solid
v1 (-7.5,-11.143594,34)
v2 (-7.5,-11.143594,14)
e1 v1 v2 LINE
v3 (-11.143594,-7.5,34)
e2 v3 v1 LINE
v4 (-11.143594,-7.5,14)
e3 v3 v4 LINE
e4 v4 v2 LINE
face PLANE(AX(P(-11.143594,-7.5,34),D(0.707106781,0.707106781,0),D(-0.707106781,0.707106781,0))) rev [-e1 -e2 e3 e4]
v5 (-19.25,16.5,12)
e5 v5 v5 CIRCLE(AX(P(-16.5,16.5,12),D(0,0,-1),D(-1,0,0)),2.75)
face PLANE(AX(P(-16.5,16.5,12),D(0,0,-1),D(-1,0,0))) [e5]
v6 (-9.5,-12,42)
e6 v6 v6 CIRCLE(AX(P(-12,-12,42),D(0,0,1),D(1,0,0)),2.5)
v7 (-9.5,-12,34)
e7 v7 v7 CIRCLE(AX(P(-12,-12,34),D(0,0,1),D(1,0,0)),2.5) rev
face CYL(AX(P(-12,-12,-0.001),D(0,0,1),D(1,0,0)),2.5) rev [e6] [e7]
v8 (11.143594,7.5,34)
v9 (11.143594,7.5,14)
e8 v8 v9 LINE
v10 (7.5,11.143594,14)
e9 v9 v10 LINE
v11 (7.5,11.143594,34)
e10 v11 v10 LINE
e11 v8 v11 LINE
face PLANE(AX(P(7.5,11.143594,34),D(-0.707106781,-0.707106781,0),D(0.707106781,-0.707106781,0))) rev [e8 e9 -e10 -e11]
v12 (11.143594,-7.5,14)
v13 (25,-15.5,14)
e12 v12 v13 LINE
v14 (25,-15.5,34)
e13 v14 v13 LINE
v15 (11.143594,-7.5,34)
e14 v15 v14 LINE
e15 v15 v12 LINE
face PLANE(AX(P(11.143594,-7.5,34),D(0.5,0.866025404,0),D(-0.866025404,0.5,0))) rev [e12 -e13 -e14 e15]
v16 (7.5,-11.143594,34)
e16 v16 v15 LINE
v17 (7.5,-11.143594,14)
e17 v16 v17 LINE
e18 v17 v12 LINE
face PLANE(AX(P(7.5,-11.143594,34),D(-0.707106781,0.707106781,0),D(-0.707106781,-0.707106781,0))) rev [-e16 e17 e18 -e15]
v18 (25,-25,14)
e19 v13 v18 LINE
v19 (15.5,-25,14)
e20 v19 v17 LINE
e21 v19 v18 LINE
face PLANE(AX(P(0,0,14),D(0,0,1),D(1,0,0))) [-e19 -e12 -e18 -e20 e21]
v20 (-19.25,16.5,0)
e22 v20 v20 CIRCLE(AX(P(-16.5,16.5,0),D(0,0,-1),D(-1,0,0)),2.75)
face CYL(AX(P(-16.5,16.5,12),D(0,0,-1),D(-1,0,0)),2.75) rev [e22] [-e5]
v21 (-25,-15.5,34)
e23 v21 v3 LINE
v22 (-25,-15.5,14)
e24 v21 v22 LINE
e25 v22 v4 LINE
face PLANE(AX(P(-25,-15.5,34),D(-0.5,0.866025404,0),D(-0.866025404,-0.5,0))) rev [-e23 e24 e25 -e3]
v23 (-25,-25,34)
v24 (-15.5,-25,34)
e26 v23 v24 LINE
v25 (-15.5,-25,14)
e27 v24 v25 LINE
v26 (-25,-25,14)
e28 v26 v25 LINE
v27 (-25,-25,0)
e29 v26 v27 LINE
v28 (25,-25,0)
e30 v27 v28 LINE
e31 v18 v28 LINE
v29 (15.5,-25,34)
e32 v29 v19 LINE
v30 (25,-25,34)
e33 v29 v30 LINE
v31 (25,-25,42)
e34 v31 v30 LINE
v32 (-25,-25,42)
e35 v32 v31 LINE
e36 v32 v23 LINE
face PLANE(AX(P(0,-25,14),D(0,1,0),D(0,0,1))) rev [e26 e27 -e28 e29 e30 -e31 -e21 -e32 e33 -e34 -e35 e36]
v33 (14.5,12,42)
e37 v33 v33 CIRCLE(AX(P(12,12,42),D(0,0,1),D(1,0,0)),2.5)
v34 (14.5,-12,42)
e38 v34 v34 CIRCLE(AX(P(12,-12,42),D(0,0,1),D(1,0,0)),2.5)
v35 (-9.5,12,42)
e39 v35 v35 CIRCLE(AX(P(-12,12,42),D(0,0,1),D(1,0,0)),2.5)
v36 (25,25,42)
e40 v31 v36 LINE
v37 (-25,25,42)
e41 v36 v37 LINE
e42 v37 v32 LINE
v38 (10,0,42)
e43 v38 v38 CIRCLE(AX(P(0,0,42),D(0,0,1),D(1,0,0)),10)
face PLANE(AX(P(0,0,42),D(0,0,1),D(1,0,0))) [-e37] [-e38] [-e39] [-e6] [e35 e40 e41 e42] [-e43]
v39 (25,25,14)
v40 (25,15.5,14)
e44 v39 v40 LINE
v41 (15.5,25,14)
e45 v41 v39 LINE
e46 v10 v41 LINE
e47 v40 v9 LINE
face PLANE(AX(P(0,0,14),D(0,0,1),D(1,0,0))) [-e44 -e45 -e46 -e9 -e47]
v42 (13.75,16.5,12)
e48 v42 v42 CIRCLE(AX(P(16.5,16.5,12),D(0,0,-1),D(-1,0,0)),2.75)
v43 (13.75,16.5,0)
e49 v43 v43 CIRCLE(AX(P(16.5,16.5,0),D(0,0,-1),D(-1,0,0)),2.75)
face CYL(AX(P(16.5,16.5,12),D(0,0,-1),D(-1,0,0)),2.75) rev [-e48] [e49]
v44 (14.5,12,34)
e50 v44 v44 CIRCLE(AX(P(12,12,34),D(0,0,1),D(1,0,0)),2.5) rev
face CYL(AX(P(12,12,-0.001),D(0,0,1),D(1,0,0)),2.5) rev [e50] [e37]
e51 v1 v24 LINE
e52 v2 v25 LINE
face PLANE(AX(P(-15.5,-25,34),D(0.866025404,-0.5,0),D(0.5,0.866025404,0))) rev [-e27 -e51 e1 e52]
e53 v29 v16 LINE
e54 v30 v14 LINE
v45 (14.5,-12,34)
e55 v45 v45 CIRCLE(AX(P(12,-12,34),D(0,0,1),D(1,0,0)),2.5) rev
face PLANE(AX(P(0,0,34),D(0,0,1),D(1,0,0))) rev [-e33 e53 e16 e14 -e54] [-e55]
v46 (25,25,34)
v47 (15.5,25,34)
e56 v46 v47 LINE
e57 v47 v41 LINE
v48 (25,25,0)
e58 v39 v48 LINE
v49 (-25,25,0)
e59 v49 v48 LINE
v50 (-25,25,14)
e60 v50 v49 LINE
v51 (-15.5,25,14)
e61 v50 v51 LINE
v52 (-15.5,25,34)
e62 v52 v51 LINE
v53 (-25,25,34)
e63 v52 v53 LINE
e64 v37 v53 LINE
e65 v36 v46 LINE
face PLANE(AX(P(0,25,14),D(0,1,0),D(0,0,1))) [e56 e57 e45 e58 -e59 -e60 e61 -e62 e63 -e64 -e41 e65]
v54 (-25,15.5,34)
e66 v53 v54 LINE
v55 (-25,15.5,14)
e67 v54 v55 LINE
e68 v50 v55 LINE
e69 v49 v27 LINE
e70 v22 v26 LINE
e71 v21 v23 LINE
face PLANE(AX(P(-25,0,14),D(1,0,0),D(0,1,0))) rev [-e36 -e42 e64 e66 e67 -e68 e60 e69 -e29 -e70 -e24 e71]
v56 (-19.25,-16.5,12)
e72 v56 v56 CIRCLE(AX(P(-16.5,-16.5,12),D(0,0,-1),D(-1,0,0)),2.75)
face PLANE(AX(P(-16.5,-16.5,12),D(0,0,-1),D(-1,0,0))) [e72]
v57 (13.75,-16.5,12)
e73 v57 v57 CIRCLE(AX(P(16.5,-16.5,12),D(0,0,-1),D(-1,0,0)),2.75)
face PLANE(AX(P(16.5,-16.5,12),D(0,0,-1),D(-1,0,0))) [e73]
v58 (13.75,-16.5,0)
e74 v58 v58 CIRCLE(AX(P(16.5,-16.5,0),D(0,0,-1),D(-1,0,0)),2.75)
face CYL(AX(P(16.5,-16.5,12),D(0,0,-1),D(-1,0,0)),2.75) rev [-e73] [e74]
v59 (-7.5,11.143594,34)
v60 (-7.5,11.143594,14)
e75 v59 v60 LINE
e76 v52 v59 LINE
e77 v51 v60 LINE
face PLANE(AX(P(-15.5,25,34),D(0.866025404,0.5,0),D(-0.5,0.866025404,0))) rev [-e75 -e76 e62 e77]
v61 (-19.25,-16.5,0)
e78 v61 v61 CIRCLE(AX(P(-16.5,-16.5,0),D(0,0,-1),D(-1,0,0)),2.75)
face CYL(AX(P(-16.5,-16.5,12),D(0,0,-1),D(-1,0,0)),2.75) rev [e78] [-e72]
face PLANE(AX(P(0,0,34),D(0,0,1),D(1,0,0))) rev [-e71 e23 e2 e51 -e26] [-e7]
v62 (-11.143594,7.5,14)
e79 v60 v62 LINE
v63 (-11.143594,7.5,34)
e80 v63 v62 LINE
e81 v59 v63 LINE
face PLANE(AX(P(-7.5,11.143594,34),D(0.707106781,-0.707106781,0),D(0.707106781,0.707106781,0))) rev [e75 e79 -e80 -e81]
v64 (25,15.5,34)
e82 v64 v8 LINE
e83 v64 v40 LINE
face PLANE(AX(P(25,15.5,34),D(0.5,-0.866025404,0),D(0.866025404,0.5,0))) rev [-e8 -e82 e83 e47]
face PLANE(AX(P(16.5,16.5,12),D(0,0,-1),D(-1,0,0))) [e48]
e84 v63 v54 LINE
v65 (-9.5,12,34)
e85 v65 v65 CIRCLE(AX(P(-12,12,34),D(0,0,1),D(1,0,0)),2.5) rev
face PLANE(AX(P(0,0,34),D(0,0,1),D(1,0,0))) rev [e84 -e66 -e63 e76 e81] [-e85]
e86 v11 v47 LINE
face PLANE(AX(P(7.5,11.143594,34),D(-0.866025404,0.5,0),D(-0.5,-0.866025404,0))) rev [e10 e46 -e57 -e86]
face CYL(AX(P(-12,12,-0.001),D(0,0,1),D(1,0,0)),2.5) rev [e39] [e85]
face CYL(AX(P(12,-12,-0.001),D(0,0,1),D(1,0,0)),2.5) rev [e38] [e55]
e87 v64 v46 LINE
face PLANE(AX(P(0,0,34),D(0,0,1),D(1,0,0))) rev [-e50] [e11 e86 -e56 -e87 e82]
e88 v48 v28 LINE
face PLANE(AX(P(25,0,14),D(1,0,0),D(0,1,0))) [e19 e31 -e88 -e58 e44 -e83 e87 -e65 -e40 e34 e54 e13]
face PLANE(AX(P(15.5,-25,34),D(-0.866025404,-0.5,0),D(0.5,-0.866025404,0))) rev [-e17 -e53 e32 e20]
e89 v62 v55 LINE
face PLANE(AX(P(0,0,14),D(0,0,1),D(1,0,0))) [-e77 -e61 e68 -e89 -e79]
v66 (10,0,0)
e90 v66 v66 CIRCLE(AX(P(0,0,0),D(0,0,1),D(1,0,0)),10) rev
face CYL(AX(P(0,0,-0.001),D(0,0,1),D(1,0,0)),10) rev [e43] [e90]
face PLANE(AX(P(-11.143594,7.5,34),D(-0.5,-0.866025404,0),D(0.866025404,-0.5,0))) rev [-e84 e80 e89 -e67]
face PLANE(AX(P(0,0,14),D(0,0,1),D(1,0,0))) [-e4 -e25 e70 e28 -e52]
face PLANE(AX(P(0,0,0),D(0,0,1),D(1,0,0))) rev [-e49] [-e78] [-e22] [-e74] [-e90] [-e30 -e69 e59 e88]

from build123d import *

# Parameters (mm, degrees)
SKETCH2_W           = 50
SKETCH2_H           = 50
BOSS_EXTRUDE2_DEPTH = 14
SKETCH4_R           = 2.75
CUT_EXTRUDE1_DEPTH  = 12
BOSS_EXTRUDE3_DEPTH = 20
SKETCH8_W           = 50
SKETCH8_H           = 50
BOSS_EXTRUDE4_DEPTH = 8
CUT_EXTRUDE3_REACH  = 56.9
CUT_EXTRUDE4_REACH  = 56.9
SKETCH10_R          = 10


with BuildPart() as part:
    # Sketch2 → Boss-Extrude2 (new body)
    with BuildSketch(Plane.XY):
        Rectangle(SKETCH2_W, SKETCH2_H)
    extrude(amount=BOSS_EXTRUDE2_DEPTH)

    # Sketch4 → Cut-Extrude1 (cut)
    with BuildSketch(Plane(origin=(0, 0, 0), x_dir=(-1, 0, 0), z_dir=(0, 0, -1))):
        with Locations((-16.5, 16.5)):
            Circle(SKETCH4_R)
        with Locations((16.5, 16.5)):
            Circle(SKETCH4_R)
        with Locations((16.5, -16.5)):
            Circle(SKETCH4_R)
        with Locations((-16.5, -16.5)):
            Circle(SKETCH4_R)
    extrude(amount=-CUT_EXTRUDE1_DEPTH, mode=Mode.SUBTRACT)

    # Sketch5 → Boss-Extrude3 (add)
    with BuildSketch(Plane.XY.offset(14)):
        Polygon((25, 15.5), (11.143593539, 7.5), (7.5, 11.143593539), (15.5, 25), (-15.5, 25), (-7.5, 11.143593539), (-11.143593539, 7.5), (-25, 15.5), (-25, -15.5), (-11.143593539, -7.5), (-7.5, -11.143593539), (-15.5, -25), (15.5, -25), (7.5, -11.143593539), (11.143593539, -7.5), (25, -15.5), align=None)
    extrude(amount=BOSS_EXTRUDE3_DEPTH)

    # Sketch8 → Boss-Extrude4 (add)
    with BuildSketch(Plane.XY.offset(34)):
        Rectangle(SKETCH8_W, SKETCH8_H)
    extrude(amount=BOSS_EXTRUDE4_DEPTH)

    # Sketch9 → Cut-Extrude3 (cut, up to next)
    with BuildSketch(Plane.XY.offset(42), mode=Mode.PRIVATE) as cut_extrude3_sk1:
        with BuildLine():
            ThreePointArc((14.5, 12), (12, 14.5), (9.5, 12))
            Line((9.5, 12), (12, 12))
            Line((12, 12), (12, 9.5))
            ThreePointArc((12, 9.5), (13.767766953, 10.232233047), (14.5, 12))
        make_face()
    cut_extrude3_tool1 = extrude(cut_extrude3_sk1.sketch, amount=-CUT_EXTRUDE3_REACH, mode=Mode.PRIVATE) & part.part
    # Sketch9 → Cut-Extrude3 (cut, up to next)
    with BuildSketch(Plane.XY.offset(42), mode=Mode.PRIVATE) as cut_extrude3_sk2:
        with BuildLine():
            Line((12, 12), (9.5, 12))
            ThreePointArc((9.5, 12), (10.232233047, 10.232233047), (12, 9.5))
            Line((12, 9.5), (12, 12))
        make_face()
    cut_extrude3_tool2 = extrude(cut_extrude3_sk2.sketch, amount=-CUT_EXTRUDE3_REACH, mode=Mode.PRIVATE) & part.part
    # Sketch9 → Cut-Extrude3 (cut, up to next)
    with BuildSketch(Plane.XY.offset(42), mode=Mode.PRIVATE) as cut_extrude3_sk3:
        with BuildLine():
            ThreePointArc((14.5, 12), (12, 14.5), (9.5, 12))
            Line((9.5, 12), (12, 12))
            Line((12, 12), (12, 9.5))
            ThreePointArc((12, 9.5), (13.767766953, 10.232233047), (14.5, 12))
        make_face()
    cut_extrude3_tool3 = extrude(cut_extrude3_sk3.sketch, amount=-CUT_EXTRUDE3_REACH, mode=Mode.PRIVATE) & part.part
    # Sketch9 → Cut-Extrude3 (cut, up to next)
    with BuildSketch(Plane.XY.offset(42), mode=Mode.PRIVATE) as cut_extrude3_sk4:
        with BuildLine():
            Line((12, 12), (9.5, 12))
            ThreePointArc((9.5, 12), (10.232233047, 10.232233047), (12, 9.5))
            Line((12, 9.5), (12, 12))
        make_face()
    cut_extrude3_tool4 = extrude(cut_extrude3_sk4.sketch, amount=-CUT_EXTRUDE3_REACH, mode=Mode.PRIVATE) & part.part
    # Sketch9 → Cut-Extrude3 (cut, up to next)
    with BuildSketch(Plane.XY.offset(42), mode=Mode.PRIVATE) as cut_extrude3_sk5:
        with BuildLine():
            ThreePointArc((14.5, -12), (13.767766953, -10.232233047), (12, -9.5))
            Line((12, -9.5), (12, -12))
            Line((12, -12), (9.5, -12))
            ThreePointArc((9.5, -12), (12, -14.5), (14.5, -12))
        make_face()
    cut_extrude3_tool5 = extrude(cut_extrude3_sk5.sketch, amount=-CUT_EXTRUDE3_REACH, mode=Mode.PRIVATE) & part.part
    # Sketch9 → Cut-Extrude3 (cut, up to next)
    with BuildSketch(Plane.XY.offset(42), mode=Mode.PRIVATE) as cut_extrude3_sk6:
        with BuildLine():
            Line((12, -12), (12, -9.5))
            ThreePointArc((12, -9.5), (10.232233047, -10.232233047), (9.5, -12))
            Line((9.5, -12), (12, -12))
        make_face()
    cut_extrude3_tool6 = extrude(cut_extrude3_sk6.sketch, amount=-CUT_EXTRUDE3_REACH, mode=Mode.PRIVATE) & part.part
    # Sketch9 → Cut-Extrude3 (cut, up to next)
    with BuildSketch(Plane.XY.offset(42), mode=Mode.PRIVATE) as cut_extrude3_sk7:
        with BuildLine():
            ThreePointArc((14.5, -12), (13.767766953, -10.232233047), (12, -9.5))
            Line((12, -9.5), (12, -12))
            Line((12, -12), (9.5, -12))
            ThreePointArc((9.5, -12), (12, -14.5), (14.5, -12))
        make_face()
    cut_extrude3_tool7 = extrude(cut_extrude3_sk7.sketch, amount=-CUT_EXTRUDE3_REACH, mode=Mode.PRIVATE) & part.part
    # Sketch9 → Cut-Extrude3 (cut, up to next)
    with BuildSketch(Plane.XY.offset(42), mode=Mode.PRIVATE) as cut_extrude3_sk8:
        with BuildLine():
            Line((12, -12), (12, -9.5))
            ThreePointArc((12, -9.5), (10.232233047, -10.232233047), (9.5, -12))
            Line((9.5, -12), (12, -12))
        make_face()
    cut_extrude3_tool8 = extrude(cut_extrude3_sk8.sketch, amount=-CUT_EXTRUDE3_REACH, mode=Mode.PRIVATE) & part.part
    # Sketch9 → Cut-Extrude3 (cut, up to next)
    with BuildSketch(Plane.XY.offset(42), mode=Mode.PRIVATE) as cut_extrude3_sk9:
        with BuildLine():
            ThreePointArc((-9.5, -12), (-10.232233047, -10.232233047), (-12, -9.5))
            Line((-12, -9.5), (-12, -12))
            Line((-12, -12), (-9.5, -12))
        make_face()
    cut_extrude3_tool9 = extrude(cut_extrude3_sk9.sketch, amount=-CUT_EXTRUDE3_REACH, mode=Mode.PRIVATE) & part.part
    # Sketch9 → Cut-Extrude3 (cut, up to next)
    with BuildSketch(Plane.XY.offset(42), mode=Mode.PRIVATE) as cut_extrude3_sk10:
        with BuildLine():
            Line((-12, -12), (-12, -9.5))
            ThreePointArc((-12, -9.5), (-13.767766953, -13.767766953), (-9.5, -12))
            Line((-9.5, -12), (-12, -12))
        make_face()
    cut_extrude3_tool10 = extrude(cut_extrude3_sk10.sketch, amount=-CUT_EXTRUDE3_REACH, mode=Mode.PRIVATE) & part.part
    # Sketch9 → Cut-Extrude3 (cut, up to next)
    with BuildSketch(Plane.XY.offset(42), mode=Mode.PRIVATE) as cut_extrude3_sk11:
        with BuildLine():
            ThreePointArc((-9.5, -12), (-10.232233047, -10.232233047), (-12, -9.5))
            Line((-12, -9.5), (-12, -12))
            Line((-12, -12), (-9.5, -12))
        make_face()
    cut_extrude3_tool11 = extrude(cut_extrude3_sk11.sketch, amount=-CUT_EXTRUDE3_REACH, mode=Mode.PRIVATE) & part.part
    # Sketch9 → Cut-Extrude3 (cut, up to next)
    with BuildSketch(Plane.XY.offset(42), mode=Mode.PRIVATE) as cut_extrude3_sk12:
        with BuildLine():
            Line((-12, -12), (-12, -9.5))
            ThreePointArc((-12, -9.5), (-13.767766953, -13.767766953), (-9.5, -12))
            Line((-9.5, -12), (-12, -12))
        make_face()
    cut_extrude3_tool12 = extrude(cut_extrude3_sk12.sketch, amount=-CUT_EXTRUDE3_REACH, mode=Mode.PRIVATE) & part.part
    # Sketch9 → Cut-Extrude3 (cut, up to next)
    with BuildSketch(Plane.XY.offset(42), mode=Mode.PRIVATE) as cut_extrude3_sk13:
        with BuildLine():
            Line((-12, 9.5), (-12, 12))
            Line((-12, 12), (-9.5, 12))
            ThreePointArc((-9.5, 12), (-13.767766953, 13.767766953), (-12, 9.5))
        make_face()
    cut_extrude3_tool13 = extrude(cut_extrude3_sk13.sketch, amount=-CUT_EXTRUDE3_REACH, mode=Mode.PRIVATE) & part.part
    # Sketch9 → Cut-Extrude3 (cut, up to next)
    with BuildSketch(Plane.XY.offset(42), mode=Mode.PRIVATE) as cut_extrude3_sk14:
        with BuildLine():
            Line((-9.5, 12), (-12, 12))
            Line((-12, 12), (-12, 9.5))
            ThreePointArc((-12, 9.5), (-10.232233047, 10.232233047), (-9.5, 12))
        make_face()
    cut_extrude3_tool14 = extrude(cut_extrude3_sk14.sketch, amount=-CUT_EXTRUDE3_REACH, mode=Mode.PRIVATE) & part.part
    # Sketch9 → Cut-Extrude3 (cut, up to next)
    with BuildSketch(Plane.XY.offset(42), mode=Mode.PRIVATE) as cut_extrude3_sk15:
        with BuildLine():
            Line((-12, 9.5), (-12, 12))
            Line((-12, 12), (-9.5, 12))
            ThreePointArc((-9.5, 12), (-13.767766953, 13.767766953), (-12, 9.5))
        make_face()
    cut_extrude3_tool15 = extrude(cut_extrude3_sk15.sketch, amount=-CUT_EXTRUDE3_REACH, mode=Mode.PRIVATE) & part.part
    # Sketch9 → Cut-Extrude3 (cut, up to next)
    with BuildSketch(Plane.XY.offset(42), mode=Mode.PRIVATE) as cut_extrude3_sk16:
        with BuildLine():
            Line((-9.5, 12), (-12, 12))
            Line((-12, 12), (-12, 9.5))
            ThreePointArc((-12, 9.5), (-10.232233047, 10.232233047), (-9.5, 12))
        make_face()
    cut_extrude3_tool16 = extrude(cut_extrude3_sk16.sketch, amount=-CUT_EXTRUDE3_REACH, mode=Mode.PRIVATE) & part.part
    add(cut_extrude3_tool1.solids().sort_by_distance((12.353678, 12.353678, 42))[0], mode=Mode.SUBTRACT)
    add(cut_extrude3_tool2.solids().sort_by_distance((10.938967, 10.938967, 42))[0], mode=Mode.SUBTRACT)
    add(cut_extrude3_tool3.solids().sort_by_distance((12.353678, 12.353678, 42))[0], mode=Mode.SUBTRACT)
    add(cut_extrude3_tool4.solids().sort_by_distance((10.938967, 10.938967, 42))[0], mode=Mode.SUBTRACT)
    add(cut_extrude3_tool5.solids().sort_by_distance((12.353678, -12.353678, 42))[0], mode=Mode.SUBTRACT)
    add(cut_extrude3_tool6.solids().sort_by_distance((10.938967, -10.938967, 42))[0], mode=Mode.SUBTRACT)
    add(cut_extrude3_tool7.solids().sort_by_distance((12.353678, -12.353678, 42))[0], mode=Mode.SUBTRACT)
    add(cut_extrude3_tool8.solids().sort_by_distance((10.938967, -10.938967, 42))[0], mode=Mode.SUBTRACT)
    add(cut_extrude3_tool9.solids().sort_by_distance((-10.938967, -10.938967, 42))[0], mode=Mode.SUBTRACT)
    add(cut_extrude3_tool10.solids().sort_by_distance((-12.353678, -12.353678, 42))[0], mode=Mode.SUBTRACT)
    add(cut_extrude3_tool11.solids().sort_by_distance((-10.938967, -10.938967, 42))[0], mode=Mode.SUBTRACT)
    add(cut_extrude3_tool12.solids().sort_by_distance((-12.353678, -12.353678, 42))[0], mode=Mode.SUBTRACT)
    add(cut_extrude3_tool13.solids().sort_by_distance((-12.353678, 12.353678, 42))[0], mode=Mode.SUBTRACT)
    add(cut_extrude3_tool14.solids().sort_by_distance((-10.938967, 10.938967, 42))[0], mode=Mode.SUBTRACT)
    add(cut_extrude3_tool15.solids().sort_by_distance((-12.353678, 12.353678, 42))[0], mode=Mode.SUBTRACT)
    add(cut_extrude3_tool16.solids().sort_by_distance((-10.938967, 10.938967, 42))[0], mode=Mode.SUBTRACT)

    # Sketch10 → Cut-Extrude4 (cut, up to next)
    with BuildSketch(Plane.XY.offset(42), mode=Mode.PRIVATE) as cut_extrude4_sk1:
        Circle(SKETCH10_R)
    cut_extrude4_tool1 = extrude(cut_extrude4_sk1.sketch, amount=-CUT_EXTRUDE4_REACH, mode=Mode.PRIVATE) & part.part
    add(cut_extrude4_tool1.solids().sort_by_distance((0, 0, 42))[0], mode=Mode.SUBTRACT)


solid = part.part
